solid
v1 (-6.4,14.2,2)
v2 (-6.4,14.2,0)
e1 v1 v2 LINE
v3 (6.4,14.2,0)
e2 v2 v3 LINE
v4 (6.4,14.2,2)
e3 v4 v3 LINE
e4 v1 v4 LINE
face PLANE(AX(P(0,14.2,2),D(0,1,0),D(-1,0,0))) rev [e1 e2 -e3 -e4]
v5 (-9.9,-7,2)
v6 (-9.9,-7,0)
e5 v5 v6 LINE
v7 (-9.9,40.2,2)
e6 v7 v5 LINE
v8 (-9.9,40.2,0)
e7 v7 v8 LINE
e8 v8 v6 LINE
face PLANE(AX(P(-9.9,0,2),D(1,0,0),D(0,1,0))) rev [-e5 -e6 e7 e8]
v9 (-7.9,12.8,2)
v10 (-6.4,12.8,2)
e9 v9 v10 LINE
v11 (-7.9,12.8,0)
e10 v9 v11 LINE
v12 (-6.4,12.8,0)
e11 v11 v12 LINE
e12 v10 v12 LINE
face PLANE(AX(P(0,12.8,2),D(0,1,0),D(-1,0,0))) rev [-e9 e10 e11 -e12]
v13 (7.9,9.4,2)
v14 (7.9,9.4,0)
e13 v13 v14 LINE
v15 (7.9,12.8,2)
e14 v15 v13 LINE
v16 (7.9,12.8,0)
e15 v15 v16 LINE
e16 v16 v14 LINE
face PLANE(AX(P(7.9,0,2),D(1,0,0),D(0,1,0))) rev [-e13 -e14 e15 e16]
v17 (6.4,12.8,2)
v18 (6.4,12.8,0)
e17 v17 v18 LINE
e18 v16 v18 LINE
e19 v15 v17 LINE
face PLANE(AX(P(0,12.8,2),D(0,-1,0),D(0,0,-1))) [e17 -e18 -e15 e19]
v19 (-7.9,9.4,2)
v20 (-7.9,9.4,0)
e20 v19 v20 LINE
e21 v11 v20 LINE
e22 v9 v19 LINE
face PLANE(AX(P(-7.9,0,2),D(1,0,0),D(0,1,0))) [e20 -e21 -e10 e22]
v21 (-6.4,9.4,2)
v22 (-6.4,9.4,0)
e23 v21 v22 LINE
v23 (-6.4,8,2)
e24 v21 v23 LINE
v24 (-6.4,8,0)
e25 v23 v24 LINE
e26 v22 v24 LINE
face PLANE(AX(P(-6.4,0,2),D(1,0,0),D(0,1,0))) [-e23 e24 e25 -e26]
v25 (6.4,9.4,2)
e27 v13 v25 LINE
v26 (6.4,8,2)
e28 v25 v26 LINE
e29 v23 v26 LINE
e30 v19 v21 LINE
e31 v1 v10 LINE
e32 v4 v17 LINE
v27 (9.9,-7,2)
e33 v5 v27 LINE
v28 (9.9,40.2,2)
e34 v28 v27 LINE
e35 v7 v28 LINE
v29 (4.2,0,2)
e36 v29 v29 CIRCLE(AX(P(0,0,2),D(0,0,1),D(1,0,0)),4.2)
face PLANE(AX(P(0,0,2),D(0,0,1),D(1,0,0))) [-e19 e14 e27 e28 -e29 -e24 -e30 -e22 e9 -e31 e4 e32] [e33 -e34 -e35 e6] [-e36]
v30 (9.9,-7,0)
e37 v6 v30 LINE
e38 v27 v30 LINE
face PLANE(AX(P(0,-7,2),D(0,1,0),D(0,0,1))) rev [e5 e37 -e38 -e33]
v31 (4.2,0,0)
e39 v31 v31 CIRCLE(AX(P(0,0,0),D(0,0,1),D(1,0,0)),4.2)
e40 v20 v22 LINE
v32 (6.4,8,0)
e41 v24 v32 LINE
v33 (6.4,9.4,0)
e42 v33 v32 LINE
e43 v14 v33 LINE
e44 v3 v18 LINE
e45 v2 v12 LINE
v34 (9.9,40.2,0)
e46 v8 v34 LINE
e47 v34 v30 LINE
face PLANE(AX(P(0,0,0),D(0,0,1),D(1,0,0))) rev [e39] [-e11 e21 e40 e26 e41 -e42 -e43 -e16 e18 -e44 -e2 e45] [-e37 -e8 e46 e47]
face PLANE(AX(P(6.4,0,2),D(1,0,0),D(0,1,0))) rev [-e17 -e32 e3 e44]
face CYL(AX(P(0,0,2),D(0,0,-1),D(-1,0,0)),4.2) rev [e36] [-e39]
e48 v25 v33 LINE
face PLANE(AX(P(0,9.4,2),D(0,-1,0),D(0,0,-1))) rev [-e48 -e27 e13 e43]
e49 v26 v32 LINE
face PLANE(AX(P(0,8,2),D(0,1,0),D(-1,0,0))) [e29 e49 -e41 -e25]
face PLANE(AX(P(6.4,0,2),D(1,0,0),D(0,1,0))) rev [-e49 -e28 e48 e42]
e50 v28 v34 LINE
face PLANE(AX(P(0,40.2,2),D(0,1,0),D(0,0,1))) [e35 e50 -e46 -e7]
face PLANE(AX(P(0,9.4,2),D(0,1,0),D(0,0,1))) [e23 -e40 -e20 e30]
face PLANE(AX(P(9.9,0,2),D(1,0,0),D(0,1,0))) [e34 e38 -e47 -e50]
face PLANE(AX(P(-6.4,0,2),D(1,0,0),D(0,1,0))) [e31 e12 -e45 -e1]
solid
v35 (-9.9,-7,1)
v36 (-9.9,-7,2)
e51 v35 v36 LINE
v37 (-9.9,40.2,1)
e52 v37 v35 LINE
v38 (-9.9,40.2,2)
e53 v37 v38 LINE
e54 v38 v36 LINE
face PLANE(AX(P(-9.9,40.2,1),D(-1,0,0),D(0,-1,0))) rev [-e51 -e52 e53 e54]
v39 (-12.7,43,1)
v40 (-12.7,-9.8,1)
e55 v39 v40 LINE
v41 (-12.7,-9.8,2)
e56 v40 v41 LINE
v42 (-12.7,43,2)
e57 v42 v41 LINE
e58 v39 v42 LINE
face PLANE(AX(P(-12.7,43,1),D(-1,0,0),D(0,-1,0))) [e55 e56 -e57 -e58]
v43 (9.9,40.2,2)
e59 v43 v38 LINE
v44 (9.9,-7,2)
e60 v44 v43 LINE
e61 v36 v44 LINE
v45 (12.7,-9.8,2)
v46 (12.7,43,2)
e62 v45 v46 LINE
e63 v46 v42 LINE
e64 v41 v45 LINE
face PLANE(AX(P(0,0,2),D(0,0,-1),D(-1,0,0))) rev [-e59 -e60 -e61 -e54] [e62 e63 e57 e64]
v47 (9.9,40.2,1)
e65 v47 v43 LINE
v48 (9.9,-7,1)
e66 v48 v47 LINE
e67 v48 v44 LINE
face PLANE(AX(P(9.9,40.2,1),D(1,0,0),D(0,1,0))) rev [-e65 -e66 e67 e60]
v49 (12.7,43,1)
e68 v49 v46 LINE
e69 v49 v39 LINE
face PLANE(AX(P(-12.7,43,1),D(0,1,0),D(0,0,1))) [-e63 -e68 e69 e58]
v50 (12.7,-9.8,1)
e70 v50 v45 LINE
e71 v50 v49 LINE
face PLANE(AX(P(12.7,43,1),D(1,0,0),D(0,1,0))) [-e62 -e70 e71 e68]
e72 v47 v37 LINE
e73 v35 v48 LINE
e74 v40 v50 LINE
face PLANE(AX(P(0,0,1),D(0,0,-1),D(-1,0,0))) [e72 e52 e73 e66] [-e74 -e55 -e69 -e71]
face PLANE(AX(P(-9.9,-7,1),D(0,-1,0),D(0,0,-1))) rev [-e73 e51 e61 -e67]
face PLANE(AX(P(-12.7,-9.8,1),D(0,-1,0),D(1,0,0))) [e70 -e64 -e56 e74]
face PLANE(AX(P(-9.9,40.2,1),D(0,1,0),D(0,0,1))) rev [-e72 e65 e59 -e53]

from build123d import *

# Parameters (mm, degrees)
ESQUISSE2_W        = 19.8
ESQUISSE2_H        = 47.2
ESQUISSE2_R        = 4.2
BOSS_EXTRU_1_DEPTH = 2
ESQUISSE3_W        = 25.4
ESQUISSE3_H        = 52.8
ESQUISSE3_W_2      = 19.8
ESQUISSE3_H_2      = 47.2
BOSS_EXTRU_2_DEPTH = 1


with BuildPart() as part:
    # Esquisse2 → Boss.-Extru.1 (new body)
    with BuildSketch(Plane.XY):
        with Locations((0, 16.6)):
            Rectangle(ESQUISSE2_W, ESQUISSE2_H)
        Circle(ESQUISSE2_R, mode=Mode.SUBTRACT)
        Polygon((-6.4, 12.8), (-6.4, 14.2), (6.4, 14.2), (6.4, 12.8), (7.9, 12.8), (7.9, 9.4), (6.4, 9.4), (6.4, 8), (-6.4, 8), (-6.4, 9.4), (-7.9, 9.4), (-7.9, 12.8), align=None, mode=Mode.SUBTRACT)
    extrude(amount=BOSS_EXTRU_1_DEPTH)


with BuildPart() as body_2:
    # Esquisse3 → Boss.-Extru.2 (new body)
    with BuildSketch(Plane.XY.offset(2)):
        with Locations((0, 16.6)):
            Rectangle(ESQUISSE3_W, ESQUISSE3_H)
        with Locations((0, 16.6)):
            Rectangle(ESQUISSE3_W_2, ESQUISSE3_H_2, mode=Mode.SUBTRACT)
    extrude(amount=-BOSS_EXTRU_2_DEPTH)


solid = Compound([part.part, body_2.part])
